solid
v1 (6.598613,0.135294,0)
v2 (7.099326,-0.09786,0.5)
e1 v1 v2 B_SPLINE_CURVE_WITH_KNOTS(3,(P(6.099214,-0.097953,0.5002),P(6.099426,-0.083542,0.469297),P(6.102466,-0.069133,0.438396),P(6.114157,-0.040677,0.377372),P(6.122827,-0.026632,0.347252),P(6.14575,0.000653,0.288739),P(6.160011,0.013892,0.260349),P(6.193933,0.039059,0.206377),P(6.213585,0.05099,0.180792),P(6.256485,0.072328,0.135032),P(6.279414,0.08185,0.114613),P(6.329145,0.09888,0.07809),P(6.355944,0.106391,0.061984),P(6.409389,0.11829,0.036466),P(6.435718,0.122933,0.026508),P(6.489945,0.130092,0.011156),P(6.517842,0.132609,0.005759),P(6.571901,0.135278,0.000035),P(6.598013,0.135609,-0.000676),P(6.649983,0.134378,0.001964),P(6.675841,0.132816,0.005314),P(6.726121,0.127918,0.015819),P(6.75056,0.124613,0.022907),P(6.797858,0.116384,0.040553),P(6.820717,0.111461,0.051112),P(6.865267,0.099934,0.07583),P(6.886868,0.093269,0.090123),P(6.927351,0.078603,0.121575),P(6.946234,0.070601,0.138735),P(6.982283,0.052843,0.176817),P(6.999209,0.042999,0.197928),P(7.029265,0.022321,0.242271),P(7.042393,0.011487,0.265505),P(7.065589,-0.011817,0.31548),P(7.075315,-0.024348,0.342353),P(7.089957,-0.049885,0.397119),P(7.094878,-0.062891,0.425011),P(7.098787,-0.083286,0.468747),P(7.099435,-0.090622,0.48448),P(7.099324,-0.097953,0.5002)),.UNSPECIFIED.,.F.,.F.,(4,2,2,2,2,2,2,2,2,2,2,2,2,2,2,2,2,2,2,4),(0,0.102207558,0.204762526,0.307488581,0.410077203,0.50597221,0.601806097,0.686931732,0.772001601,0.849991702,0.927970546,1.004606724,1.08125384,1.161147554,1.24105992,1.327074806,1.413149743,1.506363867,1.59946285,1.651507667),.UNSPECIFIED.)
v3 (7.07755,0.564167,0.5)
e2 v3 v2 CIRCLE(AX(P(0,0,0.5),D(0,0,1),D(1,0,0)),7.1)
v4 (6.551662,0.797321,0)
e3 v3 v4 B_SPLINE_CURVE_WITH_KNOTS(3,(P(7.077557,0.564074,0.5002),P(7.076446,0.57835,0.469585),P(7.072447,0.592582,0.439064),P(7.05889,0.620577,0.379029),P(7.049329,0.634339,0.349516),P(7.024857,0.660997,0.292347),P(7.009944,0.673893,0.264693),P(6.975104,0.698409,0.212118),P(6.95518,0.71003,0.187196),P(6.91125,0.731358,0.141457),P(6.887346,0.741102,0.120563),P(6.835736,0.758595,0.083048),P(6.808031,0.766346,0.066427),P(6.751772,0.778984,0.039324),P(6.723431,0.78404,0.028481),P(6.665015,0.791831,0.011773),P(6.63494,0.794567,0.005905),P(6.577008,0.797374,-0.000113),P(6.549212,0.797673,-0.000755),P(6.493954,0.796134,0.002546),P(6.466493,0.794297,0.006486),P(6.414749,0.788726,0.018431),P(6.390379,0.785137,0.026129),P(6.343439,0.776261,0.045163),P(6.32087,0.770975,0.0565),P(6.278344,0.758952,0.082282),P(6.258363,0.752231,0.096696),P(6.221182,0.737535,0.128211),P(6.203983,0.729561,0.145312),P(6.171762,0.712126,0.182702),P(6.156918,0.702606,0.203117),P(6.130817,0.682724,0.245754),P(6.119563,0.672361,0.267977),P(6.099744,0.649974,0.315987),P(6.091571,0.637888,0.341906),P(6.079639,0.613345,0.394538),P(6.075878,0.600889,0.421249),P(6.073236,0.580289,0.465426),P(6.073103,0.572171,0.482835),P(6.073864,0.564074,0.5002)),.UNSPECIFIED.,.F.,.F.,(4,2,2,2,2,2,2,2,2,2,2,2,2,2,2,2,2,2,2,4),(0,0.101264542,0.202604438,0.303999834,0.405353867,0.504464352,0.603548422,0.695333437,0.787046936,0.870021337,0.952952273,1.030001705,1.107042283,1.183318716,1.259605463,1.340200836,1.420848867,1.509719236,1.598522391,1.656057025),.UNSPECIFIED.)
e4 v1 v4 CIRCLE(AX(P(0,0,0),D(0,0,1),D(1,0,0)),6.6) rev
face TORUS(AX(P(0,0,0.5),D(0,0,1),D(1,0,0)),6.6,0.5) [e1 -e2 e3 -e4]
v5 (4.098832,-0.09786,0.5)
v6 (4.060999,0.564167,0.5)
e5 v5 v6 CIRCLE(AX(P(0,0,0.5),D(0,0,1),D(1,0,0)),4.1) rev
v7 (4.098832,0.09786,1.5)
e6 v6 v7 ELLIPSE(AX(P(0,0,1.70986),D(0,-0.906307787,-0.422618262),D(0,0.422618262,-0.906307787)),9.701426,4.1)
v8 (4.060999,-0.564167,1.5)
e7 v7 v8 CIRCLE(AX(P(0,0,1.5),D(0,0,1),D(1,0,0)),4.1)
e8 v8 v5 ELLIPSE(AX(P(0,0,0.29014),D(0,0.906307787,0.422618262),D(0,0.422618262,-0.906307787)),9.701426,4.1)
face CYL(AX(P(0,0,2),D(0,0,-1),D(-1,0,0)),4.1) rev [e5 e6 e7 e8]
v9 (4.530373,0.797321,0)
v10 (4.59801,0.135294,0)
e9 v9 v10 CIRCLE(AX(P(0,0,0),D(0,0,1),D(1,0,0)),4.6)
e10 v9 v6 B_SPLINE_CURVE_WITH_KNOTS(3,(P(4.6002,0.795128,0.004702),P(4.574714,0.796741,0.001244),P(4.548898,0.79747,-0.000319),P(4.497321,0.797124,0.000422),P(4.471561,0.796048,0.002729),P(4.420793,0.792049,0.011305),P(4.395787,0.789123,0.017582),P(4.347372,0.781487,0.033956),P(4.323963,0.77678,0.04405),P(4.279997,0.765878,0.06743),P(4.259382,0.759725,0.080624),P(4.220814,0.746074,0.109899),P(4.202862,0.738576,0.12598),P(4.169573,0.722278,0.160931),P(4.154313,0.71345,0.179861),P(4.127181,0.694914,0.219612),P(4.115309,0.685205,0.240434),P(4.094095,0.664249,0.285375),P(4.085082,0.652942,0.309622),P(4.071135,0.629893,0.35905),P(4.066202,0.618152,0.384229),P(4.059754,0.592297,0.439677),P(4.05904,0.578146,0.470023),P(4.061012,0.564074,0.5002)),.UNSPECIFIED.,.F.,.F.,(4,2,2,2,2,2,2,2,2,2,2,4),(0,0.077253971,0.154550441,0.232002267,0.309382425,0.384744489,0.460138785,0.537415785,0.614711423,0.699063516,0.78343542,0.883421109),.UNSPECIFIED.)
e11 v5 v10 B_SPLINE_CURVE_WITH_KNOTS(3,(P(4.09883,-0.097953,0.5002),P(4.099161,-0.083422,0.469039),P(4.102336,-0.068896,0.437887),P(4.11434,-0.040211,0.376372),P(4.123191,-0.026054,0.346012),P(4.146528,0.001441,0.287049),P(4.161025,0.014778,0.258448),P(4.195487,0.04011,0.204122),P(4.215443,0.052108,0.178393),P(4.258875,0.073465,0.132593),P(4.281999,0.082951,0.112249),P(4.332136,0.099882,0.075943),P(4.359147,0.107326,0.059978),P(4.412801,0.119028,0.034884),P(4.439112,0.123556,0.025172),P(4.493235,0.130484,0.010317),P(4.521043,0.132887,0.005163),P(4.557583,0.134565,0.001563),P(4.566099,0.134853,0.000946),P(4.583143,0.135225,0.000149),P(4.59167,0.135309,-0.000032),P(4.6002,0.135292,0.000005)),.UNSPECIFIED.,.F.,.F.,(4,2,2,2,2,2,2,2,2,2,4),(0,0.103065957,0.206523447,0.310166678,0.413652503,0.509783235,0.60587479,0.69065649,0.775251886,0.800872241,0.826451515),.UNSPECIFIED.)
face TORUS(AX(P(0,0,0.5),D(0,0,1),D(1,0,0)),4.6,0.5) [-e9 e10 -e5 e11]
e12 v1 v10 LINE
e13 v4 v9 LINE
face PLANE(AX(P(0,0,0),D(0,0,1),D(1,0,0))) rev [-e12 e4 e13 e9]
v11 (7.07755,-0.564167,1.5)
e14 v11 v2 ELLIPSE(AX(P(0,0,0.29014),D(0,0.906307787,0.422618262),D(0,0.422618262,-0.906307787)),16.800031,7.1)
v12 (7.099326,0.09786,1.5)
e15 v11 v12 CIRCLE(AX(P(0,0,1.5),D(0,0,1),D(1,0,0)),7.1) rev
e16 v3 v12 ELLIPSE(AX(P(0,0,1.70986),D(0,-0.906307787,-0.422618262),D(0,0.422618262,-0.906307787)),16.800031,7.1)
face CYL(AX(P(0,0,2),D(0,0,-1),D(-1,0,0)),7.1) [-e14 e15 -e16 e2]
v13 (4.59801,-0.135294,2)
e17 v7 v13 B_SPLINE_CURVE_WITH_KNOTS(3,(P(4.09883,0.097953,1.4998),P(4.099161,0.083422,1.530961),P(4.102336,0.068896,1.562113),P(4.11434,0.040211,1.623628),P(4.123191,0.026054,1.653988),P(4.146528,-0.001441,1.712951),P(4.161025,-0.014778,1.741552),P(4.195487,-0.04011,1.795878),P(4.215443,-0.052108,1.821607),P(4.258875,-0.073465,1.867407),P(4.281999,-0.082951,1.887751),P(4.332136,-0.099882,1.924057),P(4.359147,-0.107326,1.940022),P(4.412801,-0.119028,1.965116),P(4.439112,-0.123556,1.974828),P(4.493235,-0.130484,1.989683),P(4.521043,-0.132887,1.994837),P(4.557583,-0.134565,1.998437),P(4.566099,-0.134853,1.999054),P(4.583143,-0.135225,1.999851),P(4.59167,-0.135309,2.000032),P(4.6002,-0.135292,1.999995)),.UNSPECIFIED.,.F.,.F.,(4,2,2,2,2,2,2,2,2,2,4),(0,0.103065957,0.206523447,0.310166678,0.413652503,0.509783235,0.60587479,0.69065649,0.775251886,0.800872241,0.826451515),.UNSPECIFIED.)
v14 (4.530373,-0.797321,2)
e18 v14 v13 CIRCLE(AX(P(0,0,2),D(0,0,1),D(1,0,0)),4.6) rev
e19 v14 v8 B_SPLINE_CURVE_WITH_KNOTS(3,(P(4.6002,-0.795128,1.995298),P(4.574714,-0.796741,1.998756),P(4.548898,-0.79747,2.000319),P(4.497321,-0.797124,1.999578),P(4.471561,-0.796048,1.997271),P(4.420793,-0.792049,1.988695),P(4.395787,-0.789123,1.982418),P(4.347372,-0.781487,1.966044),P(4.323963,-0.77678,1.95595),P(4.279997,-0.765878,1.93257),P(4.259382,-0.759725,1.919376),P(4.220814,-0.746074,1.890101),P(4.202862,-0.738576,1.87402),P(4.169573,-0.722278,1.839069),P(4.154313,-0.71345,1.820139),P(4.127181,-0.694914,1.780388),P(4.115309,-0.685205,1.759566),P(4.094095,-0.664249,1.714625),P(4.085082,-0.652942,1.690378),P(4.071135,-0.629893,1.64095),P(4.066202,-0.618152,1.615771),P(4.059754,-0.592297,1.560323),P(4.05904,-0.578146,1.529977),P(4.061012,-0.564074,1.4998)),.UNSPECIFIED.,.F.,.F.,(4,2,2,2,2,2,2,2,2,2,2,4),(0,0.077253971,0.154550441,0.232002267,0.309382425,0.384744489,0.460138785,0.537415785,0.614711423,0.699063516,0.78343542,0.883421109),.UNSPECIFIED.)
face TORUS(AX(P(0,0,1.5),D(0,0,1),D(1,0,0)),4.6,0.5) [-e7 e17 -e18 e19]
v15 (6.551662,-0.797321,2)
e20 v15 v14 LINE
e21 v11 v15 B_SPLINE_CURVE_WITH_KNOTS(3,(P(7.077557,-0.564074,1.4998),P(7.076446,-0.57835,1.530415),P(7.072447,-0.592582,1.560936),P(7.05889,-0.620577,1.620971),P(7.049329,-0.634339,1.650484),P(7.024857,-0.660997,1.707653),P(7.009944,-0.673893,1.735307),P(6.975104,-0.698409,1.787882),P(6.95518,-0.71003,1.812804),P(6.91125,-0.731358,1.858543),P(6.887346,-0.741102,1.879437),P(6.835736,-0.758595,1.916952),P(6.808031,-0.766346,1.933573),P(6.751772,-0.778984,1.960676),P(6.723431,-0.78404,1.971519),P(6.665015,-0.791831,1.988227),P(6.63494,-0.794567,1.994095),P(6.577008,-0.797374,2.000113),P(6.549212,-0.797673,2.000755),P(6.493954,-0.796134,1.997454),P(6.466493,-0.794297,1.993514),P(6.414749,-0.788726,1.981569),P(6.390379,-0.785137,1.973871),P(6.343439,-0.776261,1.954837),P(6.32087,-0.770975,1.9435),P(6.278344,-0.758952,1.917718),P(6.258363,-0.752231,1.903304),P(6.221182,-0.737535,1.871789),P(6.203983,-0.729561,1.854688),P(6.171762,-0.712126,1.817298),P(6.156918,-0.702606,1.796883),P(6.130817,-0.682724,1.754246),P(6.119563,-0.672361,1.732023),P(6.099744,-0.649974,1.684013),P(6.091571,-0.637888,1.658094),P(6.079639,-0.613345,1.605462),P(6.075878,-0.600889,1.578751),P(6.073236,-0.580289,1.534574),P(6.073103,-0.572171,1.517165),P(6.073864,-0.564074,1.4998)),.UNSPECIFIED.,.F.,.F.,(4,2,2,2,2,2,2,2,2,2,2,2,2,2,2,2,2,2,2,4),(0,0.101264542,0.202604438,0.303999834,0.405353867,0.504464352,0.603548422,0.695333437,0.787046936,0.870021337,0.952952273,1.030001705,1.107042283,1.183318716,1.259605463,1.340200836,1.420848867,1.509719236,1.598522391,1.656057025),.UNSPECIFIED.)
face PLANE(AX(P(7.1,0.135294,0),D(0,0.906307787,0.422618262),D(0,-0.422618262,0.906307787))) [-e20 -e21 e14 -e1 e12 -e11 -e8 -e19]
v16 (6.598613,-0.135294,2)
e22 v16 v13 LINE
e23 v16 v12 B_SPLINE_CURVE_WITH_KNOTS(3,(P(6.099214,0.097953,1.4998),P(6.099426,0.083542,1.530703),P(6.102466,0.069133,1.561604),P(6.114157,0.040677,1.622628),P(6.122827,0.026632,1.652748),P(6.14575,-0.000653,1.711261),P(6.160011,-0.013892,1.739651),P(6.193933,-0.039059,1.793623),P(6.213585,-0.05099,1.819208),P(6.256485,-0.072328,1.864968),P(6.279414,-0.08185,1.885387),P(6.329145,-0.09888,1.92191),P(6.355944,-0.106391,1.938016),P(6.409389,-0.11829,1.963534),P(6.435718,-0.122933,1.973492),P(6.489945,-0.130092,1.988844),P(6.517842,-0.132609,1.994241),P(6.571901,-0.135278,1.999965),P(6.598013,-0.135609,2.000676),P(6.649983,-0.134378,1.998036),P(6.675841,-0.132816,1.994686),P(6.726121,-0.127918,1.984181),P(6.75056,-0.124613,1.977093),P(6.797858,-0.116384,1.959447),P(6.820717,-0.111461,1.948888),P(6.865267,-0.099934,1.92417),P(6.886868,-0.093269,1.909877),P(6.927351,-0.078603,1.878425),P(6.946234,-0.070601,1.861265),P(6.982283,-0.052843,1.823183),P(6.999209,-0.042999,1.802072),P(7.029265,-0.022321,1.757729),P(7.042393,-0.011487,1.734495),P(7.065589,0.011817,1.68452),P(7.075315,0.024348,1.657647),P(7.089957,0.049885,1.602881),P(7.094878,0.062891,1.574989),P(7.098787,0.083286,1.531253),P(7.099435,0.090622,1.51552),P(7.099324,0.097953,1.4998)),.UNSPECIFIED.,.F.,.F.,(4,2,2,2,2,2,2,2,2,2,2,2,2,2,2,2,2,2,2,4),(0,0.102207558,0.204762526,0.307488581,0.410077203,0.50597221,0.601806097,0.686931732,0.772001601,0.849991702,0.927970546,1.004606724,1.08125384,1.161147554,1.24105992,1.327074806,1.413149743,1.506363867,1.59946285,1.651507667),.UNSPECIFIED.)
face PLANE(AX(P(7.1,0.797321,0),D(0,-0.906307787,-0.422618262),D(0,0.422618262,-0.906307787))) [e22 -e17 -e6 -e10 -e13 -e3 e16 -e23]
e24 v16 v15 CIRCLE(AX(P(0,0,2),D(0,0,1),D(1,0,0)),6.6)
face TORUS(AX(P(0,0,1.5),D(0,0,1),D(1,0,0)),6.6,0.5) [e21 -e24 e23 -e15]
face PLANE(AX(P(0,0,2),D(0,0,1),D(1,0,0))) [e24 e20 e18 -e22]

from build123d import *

# Parameters (mm, degrees)
SKICA1_R                 = 7.1
SKICA1_R_2               = 4.1
VYSUNOUT1_DEPTH          = 2
ZAOBLIT1_R               = 0.5
ODEBRAT_VYSUNUT_M1_DEPTH = 11.238163967


with BuildPart() as part:
    # Skica1 → Vysunout1 (new body)
    with BuildSketch(Plane.XY):
        Circle(SKICA1_R)
        Circle(SKICA1_R_2, mode=Mode.SUBTRACT)
    extrude(amount=VYSUNOUT1_DEPTH)

    # Zaoblit1
    zaoblit1_edges = [part.edges().sort_by_distance(p)[0] for p in [
        (-7.1, 0, 0),
        (-7.1, 0, 2),
        (-4.1, 0, 0),
        (-4.1, 0, 2),
    ]]
    fillet(zaoblit1_edges, radius=ZAOBLIT1_R)

    # Skica2 → Odebrat vysunutím1 (cut, through all)
    with BuildSketch(Plane(origin=(0, 0, 0), x_dir=(0, 0, -1), z_dir=(1, 0, 0))):
        Polygon((0, 0.135294282), (-2, -0.797321034), (-2, -0.135294282), (0, 0.797321034), align=None)
    extrude(amount=ODEBRAT_VYSUNUT_M1_DEPTH, mode=Mode.SUBTRACT)


solid = part.part
